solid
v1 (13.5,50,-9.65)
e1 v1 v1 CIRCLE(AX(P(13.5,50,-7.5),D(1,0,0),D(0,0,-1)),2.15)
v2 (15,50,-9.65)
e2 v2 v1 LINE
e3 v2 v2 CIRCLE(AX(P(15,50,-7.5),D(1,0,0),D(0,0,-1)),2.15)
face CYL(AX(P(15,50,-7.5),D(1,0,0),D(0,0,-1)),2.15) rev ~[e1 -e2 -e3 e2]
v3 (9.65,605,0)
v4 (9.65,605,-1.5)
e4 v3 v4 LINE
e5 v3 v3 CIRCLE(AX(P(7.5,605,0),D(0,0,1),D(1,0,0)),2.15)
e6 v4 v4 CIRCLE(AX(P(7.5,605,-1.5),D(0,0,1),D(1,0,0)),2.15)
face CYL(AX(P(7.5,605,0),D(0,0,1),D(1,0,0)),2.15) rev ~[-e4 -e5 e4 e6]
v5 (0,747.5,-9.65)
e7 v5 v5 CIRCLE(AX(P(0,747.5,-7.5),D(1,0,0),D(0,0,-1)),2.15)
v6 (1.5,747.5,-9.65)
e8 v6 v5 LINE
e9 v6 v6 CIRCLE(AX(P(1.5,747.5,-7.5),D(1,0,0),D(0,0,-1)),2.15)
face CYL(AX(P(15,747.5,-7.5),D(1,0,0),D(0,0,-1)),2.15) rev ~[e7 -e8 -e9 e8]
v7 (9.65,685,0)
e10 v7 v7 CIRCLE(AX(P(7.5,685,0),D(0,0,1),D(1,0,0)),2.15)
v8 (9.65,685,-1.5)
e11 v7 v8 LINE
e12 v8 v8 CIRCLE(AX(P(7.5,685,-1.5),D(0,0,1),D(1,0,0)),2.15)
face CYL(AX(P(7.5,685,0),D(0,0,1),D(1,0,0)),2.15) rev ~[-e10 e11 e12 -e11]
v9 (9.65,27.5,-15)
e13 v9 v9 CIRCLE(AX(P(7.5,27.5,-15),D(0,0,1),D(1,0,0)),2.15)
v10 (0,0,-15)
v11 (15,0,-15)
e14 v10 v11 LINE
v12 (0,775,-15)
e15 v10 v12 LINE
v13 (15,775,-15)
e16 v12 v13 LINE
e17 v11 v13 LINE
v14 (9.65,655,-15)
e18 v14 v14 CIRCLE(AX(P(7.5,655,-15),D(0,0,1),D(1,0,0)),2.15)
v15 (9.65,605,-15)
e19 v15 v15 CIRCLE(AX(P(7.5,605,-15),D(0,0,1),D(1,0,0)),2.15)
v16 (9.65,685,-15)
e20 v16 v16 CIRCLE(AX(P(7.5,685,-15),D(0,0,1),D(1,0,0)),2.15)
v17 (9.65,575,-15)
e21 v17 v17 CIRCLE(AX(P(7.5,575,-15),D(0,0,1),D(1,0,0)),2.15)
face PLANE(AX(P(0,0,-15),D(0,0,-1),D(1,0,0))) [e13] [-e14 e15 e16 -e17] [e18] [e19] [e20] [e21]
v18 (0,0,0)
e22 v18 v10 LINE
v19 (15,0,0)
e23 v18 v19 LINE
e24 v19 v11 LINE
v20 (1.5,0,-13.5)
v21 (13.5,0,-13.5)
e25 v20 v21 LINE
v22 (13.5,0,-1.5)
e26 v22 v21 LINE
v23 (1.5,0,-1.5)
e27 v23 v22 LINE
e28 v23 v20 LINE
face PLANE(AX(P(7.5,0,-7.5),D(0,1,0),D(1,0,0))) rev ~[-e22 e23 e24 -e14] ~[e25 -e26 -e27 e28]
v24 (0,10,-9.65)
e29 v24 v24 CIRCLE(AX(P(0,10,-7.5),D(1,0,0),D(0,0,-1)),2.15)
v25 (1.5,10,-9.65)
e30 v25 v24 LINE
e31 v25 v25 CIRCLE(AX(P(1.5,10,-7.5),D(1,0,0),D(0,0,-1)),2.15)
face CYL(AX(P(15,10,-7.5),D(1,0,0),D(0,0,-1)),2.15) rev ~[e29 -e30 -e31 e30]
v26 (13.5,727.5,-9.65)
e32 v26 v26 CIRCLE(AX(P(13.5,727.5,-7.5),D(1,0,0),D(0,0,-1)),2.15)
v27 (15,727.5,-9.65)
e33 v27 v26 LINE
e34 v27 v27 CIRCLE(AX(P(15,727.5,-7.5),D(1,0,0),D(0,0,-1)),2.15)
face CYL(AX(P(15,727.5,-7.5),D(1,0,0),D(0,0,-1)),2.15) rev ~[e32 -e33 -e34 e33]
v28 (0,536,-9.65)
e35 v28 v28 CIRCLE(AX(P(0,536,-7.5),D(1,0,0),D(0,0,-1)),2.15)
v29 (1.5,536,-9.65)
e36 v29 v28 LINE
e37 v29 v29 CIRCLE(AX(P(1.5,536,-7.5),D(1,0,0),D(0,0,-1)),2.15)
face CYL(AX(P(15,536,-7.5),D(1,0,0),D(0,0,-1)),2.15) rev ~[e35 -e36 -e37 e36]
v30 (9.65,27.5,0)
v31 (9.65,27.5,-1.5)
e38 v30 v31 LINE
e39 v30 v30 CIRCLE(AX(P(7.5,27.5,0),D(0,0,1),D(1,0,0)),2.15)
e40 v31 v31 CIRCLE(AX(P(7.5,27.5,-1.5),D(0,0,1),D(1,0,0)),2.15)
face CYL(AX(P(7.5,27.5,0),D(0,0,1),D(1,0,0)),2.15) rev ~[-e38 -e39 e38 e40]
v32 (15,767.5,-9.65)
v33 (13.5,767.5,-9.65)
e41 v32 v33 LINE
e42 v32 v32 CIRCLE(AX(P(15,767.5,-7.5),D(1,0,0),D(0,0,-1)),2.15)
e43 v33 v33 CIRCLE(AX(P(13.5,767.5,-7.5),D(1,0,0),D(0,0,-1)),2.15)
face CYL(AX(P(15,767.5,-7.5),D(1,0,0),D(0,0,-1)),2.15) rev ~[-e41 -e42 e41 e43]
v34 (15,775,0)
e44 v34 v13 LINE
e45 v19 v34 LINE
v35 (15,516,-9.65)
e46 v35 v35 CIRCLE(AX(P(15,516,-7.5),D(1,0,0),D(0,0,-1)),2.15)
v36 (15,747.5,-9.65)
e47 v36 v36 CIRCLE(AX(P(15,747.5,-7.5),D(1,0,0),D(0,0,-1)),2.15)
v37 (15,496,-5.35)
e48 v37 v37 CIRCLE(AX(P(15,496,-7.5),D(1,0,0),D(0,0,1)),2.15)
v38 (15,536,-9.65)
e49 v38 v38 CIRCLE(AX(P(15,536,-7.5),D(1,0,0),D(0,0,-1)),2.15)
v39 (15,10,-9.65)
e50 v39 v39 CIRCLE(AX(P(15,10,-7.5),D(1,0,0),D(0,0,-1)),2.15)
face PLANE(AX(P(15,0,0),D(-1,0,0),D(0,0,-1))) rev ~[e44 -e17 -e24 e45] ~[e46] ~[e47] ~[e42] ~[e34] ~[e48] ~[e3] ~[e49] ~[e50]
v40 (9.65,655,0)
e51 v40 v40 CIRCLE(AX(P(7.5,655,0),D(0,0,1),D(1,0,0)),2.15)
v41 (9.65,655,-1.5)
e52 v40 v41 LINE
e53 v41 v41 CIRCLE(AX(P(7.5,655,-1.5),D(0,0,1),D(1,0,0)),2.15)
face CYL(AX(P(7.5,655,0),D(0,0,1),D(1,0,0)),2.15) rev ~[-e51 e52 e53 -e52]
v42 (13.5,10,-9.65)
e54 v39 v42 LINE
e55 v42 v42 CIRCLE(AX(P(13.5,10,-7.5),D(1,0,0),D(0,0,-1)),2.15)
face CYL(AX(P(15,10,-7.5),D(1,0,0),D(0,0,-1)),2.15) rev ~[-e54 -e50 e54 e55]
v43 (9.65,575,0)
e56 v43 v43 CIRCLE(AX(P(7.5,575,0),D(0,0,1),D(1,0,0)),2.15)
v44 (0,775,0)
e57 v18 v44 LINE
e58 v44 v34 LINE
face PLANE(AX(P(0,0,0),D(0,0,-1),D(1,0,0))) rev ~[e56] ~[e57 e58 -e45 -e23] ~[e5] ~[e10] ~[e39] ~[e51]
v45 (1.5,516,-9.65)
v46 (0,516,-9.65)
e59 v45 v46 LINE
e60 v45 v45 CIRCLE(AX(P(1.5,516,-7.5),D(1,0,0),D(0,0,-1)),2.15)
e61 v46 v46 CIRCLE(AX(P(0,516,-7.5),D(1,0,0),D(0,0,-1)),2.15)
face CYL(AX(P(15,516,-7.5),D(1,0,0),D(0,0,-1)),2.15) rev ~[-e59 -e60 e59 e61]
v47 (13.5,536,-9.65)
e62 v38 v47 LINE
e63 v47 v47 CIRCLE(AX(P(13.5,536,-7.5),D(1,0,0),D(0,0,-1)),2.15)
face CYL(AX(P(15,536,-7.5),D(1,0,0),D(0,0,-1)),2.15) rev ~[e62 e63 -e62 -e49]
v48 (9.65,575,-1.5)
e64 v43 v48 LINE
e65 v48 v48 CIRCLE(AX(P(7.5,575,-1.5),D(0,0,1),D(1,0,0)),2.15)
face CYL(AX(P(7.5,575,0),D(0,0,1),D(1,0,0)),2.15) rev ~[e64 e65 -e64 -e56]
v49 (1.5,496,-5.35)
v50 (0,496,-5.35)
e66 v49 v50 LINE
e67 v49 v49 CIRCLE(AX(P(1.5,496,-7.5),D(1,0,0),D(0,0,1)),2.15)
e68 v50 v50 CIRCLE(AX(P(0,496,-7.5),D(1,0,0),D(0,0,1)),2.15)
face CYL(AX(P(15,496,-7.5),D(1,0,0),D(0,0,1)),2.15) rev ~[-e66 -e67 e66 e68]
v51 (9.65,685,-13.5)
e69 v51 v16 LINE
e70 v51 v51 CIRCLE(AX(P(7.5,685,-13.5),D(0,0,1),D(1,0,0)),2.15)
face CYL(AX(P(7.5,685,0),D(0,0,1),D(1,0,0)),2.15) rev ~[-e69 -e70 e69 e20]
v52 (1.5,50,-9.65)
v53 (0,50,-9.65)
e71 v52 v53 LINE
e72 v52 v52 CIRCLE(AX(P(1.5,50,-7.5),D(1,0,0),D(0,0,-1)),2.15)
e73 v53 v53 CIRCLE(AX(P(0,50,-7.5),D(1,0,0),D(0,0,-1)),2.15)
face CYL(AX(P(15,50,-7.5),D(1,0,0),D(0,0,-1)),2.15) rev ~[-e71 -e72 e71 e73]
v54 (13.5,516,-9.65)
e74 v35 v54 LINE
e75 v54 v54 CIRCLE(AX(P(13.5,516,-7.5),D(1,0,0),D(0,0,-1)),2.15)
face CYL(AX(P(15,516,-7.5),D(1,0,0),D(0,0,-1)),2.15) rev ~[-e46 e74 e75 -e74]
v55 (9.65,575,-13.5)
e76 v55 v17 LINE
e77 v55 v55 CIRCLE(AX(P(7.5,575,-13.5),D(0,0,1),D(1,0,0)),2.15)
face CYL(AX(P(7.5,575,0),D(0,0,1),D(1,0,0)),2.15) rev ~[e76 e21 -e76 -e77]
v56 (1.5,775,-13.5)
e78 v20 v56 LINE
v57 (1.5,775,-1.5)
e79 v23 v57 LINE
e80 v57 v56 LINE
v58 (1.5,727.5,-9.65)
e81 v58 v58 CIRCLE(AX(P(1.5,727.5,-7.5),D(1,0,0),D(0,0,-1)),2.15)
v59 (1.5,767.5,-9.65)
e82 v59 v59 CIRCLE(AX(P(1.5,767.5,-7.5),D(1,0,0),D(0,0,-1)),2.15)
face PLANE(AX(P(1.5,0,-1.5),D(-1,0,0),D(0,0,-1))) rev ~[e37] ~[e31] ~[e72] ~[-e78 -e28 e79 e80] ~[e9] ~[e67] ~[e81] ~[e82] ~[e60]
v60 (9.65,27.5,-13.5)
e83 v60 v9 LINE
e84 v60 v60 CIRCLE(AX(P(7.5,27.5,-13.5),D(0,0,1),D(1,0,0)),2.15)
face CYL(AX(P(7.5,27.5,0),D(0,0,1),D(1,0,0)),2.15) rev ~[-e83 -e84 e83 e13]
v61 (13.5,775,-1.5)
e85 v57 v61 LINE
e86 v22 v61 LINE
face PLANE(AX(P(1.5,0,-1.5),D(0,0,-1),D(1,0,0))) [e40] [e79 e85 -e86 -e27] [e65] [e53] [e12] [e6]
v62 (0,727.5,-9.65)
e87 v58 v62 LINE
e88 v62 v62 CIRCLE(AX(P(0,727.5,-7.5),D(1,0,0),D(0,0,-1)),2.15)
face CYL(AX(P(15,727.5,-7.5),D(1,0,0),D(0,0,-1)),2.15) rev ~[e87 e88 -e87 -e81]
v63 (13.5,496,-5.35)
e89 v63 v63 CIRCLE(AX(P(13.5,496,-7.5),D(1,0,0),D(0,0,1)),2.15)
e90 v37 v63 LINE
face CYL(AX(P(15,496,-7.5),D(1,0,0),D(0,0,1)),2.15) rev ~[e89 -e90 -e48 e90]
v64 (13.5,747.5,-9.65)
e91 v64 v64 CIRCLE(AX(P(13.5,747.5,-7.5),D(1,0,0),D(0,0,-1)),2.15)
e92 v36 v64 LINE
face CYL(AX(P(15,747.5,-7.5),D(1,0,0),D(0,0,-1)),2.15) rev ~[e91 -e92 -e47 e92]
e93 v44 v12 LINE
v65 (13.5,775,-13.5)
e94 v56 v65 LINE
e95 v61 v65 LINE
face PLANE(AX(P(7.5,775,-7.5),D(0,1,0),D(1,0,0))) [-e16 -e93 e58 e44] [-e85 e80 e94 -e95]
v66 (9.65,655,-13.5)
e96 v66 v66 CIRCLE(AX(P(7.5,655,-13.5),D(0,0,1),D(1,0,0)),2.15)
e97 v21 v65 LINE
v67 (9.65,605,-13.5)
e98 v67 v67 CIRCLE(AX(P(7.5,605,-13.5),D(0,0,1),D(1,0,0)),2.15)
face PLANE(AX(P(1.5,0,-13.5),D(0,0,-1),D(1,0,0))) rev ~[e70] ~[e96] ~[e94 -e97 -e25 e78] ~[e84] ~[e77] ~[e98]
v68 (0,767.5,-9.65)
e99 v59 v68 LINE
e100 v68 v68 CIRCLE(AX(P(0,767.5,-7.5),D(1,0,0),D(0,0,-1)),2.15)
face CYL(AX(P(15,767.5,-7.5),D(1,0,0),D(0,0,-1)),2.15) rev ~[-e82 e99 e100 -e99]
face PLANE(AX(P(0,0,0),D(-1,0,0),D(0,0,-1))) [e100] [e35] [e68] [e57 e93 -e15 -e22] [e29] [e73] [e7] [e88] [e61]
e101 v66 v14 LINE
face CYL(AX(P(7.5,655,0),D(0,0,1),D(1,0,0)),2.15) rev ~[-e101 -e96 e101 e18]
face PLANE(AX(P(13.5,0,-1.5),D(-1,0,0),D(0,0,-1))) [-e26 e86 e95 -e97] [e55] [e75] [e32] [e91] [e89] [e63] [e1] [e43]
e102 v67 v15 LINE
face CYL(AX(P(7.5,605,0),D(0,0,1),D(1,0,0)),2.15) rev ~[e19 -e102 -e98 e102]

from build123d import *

# Parameters (mm, degrees)
SKETCH_1_W          = 15
SKETCH_1_H          = 15
SKETCH_1_W_2        = 12
SKETCH_1_H_2        = 12
EXTRUDE_1_DEPTH     = 775
CUT_EXTRUDE_1_REACH = 777.29
SKETCH_2_R          = 2.15
CUT_EXTRUDE_2_REACH = 777.29
SKETCH_3_R          = 2.15


with BuildPart() as part:
    # ｽｹｯﾁ1 → 押し出し-薄板1 (new body)
    with BuildSketch(Plane(origin=(0, 0, 0), x_dir=(1, 0, 0), z_dir=(0, 1, 0))):
        with Locations((7.5, 7.5)):
            Rectangle(SKETCH_1_W, SKETCH_1_H)
        with Locations((7.5, 7.5)):
            Rectangle(SKETCH_1_W_2, SKETCH_1_H_2, mode=Mode.SUBTRACT)
    extrude(amount=EXTRUDE_1_DEPTH)

    # ｶｯﾄ - 押し出し1: up to this face of the body (flat: up to its plane)
    cut_extrude_1_end = Plane(part.part.faces().sort_by_distance((0, 387.5, -7.5))[0])
    # ｽｹｯﾁ2 → ｶｯﾄ - 押し出し1 (cut, up to the picked face)
    with BuildSketch(Plane(origin=(15, 0, 0), x_dir=(0, 0, -1), z_dir=(1, 0, 0)), mode=Mode.PRIVATE) as cut_extrude_1_sk1:
        with Locations((7.5, 10)):
            Circle(SKETCH_2_R)
    cut_extrude_1_tool1 = split(extrude(cut_extrude_1_sk1.sketch, amount=-CUT_EXTRUDE_1_REACH, mode=Mode.PRIVATE), bisect_by=cut_extrude_1_end, keep=Keep.BOTH, mode=Mode.PRIVATE)
    # ｽｹｯﾁ2 → ｶｯﾄ - 押し出し1 (cut, up to the picked face)
    with BuildSketch(Plane(origin=(15, 0, 0), x_dir=(0, 0, -1), z_dir=(1, 0, 0)), mode=Mode.PRIVATE) as cut_extrude_1_sk2:
        with Locations((7.5, 516)):
            Circle(SKETCH_2_R)
    cut_extrude_1_tool2 = split(extrude(cut_extrude_1_sk2.sketch, amount=-CUT_EXTRUDE_1_REACH, mode=Mode.PRIVATE), bisect_by=cut_extrude_1_end, keep=Keep.BOTH, mode=Mode.PRIVATE)
    # ｽｹｯﾁ2 → ｶｯﾄ - 押し出し1 (cut, up to the picked face)
    with BuildSketch(Plane(origin=(15, 0, 0), x_dir=(0, 0, -1), z_dir=(1, 0, 0)), mode=Mode.PRIVATE) as cut_extrude_1_sk3:
        with Locations((7.5, 767.5)):
            Circle(SKETCH_2_R)
    cut_extrude_1_tool3 = split(extrude(cut_extrude_1_sk3.sketch, amount=-CUT_EXTRUDE_1_REACH, mode=Mode.PRIVATE), bisect_by=cut_extrude_1_end, keep=Keep.BOTH, mode=Mode.PRIVATE)
    # ｽｹｯﾁ2 → ｶｯﾄ - 押し出し1 (cut, up to the picked face)
    with BuildSketch(Plane(origin=(15, 0, 0), x_dir=(0, 0, -1), z_dir=(1, 0, 0)), mode=Mode.PRIVATE) as cut_extrude_1_sk4:
        with Locations((7.5, 50)):
            Circle(SKETCH_2_R)
    cut_extrude_1_tool4 = split(extrude(cut_extrude_1_sk4.sketch, amount=-CUT_EXTRUDE_1_REACH, mode=Mode.PRIVATE), bisect_by=cut_extrude_1_end, keep=Keep.BOTH, mode=Mode.PRIVATE)
    # ｽｹｯﾁ2 → ｶｯﾄ - 押し出し1 (cut, up to the picked face)
    with BuildSketch(Plane(origin=(15, 0, 0), x_dir=(0, 0, -1), z_dir=(1, 0, 0)), mode=Mode.PRIVATE) as cut_extrude_1_sk5:
        with Locations((7.5, 536)):
            Circle(SKETCH_2_R)
    cut_extrude_1_tool5 = split(extrude(cut_extrude_1_sk5.sketch, amount=-CUT_EXTRUDE_1_REACH, mode=Mode.PRIVATE), bisect_by=cut_extrude_1_end, keep=Keep.BOTH, mode=Mode.PRIVATE)
    # ｽｹｯﾁ2 → ｶｯﾄ - 押し出し1 (cut, up to the picked face)
    with BuildSketch(Plane(origin=(15, 0, 0), x_dir=(0, 0, -1), z_dir=(1, 0, 0)), mode=Mode.PRIVATE) as cut_extrude_1_sk6:
        with Locations(Location((7.5, 496, 0), (0, 0, 180))):
            Circle(SKETCH_2_R)
    cut_extrude_1_tool6 = split(extrude(cut_extrude_1_sk6.sketch, amount=-CUT_EXTRUDE_1_REACH, mode=Mode.PRIVATE), bisect_by=cut_extrude_1_end, keep=Keep.BOTH, mode=Mode.PRIVATE)
    # ｽｹｯﾁ2 → ｶｯﾄ - 押し出し1 (cut, up to the picked face)
    with BuildSketch(Plane(origin=(15, 0, 0), x_dir=(0, 0, -1), z_dir=(1, 0, 0)), mode=Mode.PRIVATE) as cut_extrude_1_sk7:
        with Locations((7.5, 747.5)):
            Circle(SKETCH_2_R)
    cut_extrude_1_tool7 = split(extrude(cut_extrude_1_sk7.sketch, amount=-CUT_EXTRUDE_1_REACH, mode=Mode.PRIVATE), bisect_by=cut_extrude_1_end, keep=Keep.BOTH, mode=Mode.PRIVATE)
    # ｽｹｯﾁ2 → ｶｯﾄ - 押し出し1 (cut, up to the picked face)
    with BuildSketch(Plane(origin=(15, 0, 0), x_dir=(0, 0, -1), z_dir=(1, 0, 0)), mode=Mode.PRIVATE) as cut_extrude_1_sk8:
        with Locations((7.5, 727.5)):
            Circle(SKETCH_2_R)
    cut_extrude_1_tool8 = split(extrude(cut_extrude_1_sk8.sketch, amount=-CUT_EXTRUDE_1_REACH, mode=Mode.PRIVATE), bisect_by=cut_extrude_1_end, keep=Keep.BOTH, mode=Mode.PRIVATE)
    add(cut_extrude_1_tool1.solids().sort_by(Axis((15, 10, -7.5), (-1, 0, 0)))[0], mode=Mode.SUBTRACT)
    add(cut_extrude_1_tool2.solids().sort_by(Axis((15, 516, -7.5), (-1, 0, 0)))[0], mode=Mode.SUBTRACT)
    add(cut_extrude_1_tool3.solids().sort_by(Axis((15, 767.5, -7.5), (-1, 0, 0)))[0], mode=Mode.SUBTRACT)
    add(cut_extrude_1_tool4.solids().sort_by(Axis((15, 50, -7.5), (-1, 0, 0)))[0], mode=Mode.SUBTRACT)
    add(cut_extrude_1_tool5.solids().sort_by(Axis((15, 536, -7.5), (-1, 0, 0)))[0], mode=Mode.SUBTRACT)
    add(cut_extrude_1_tool6.solids().sort_by(Axis((15, 496, -7.5), (-1, 0, 0)))[0], mode=Mode.SUBTRACT)
    add(cut_extrude_1_tool7.solids().sort_by(Axis((15, 747.5, -7.5), (-1, 0, 0)))[0], mode=Mode.SUBTRACT)
    add(cut_extrude_1_tool8.solids().sort_by(Axis((15, 727.5, -7.5), (-1, 0, 0)))[0], mode=Mode.SUBTRACT)

    # ｶｯﾄ - 押し出し2: up to this face of the body (flat: up to its plane)
    cut_extrude_2_end = Plane(part.part.faces().sort_by_distance((7.5, 387.5, -15))[0])
    # ｽｹｯﾁ3 → ｶｯﾄ - 押し出し2 (cut, up to the picked face)
    with BuildSketch(Plane.XY, mode=Mode.PRIVATE) as cut_extrude_2_sk1:
        with Locations((7.5, 685)):
            Circle(SKETCH_3_R)
    cut_extrude_2_tool1 = split(extrude(cut_extrude_2_sk1.sketch, amount=-CUT_EXTRUDE_2_REACH, mode=Mode.PRIVATE), bisect_by=cut_extrude_2_end, keep=Keep.BOTH, mode=Mode.PRIVATE)
    # ｽｹｯﾁ3 → ｶｯﾄ - 押し出し2 (cut, up to the picked face)
    with BuildSketch(Plane.XY, mode=Mode.PRIVATE) as cut_extrude_2_sk2:
        with Locations((7.5, 655)):
            Circle(SKETCH_3_R)
    cut_extrude_2_tool2 = split(extrude(cut_extrude_2_sk2.sketch, amount=-CUT_EXTRUDE_2_REACH, mode=Mode.PRIVATE), bisect_by=cut_extrude_2_end, keep=Keep.BOTH, mode=Mode.PRIVATE)
    # ｽｹｯﾁ3 → ｶｯﾄ - 押し出し2 (cut, up to the picked face)
    with BuildSketch(Plane.XY, mode=Mode.PRIVATE) as cut_extrude_2_sk3:
        with Locations((7.5, 605)):
            Circle(SKETCH_3_R)
    cut_extrude_2_tool3 = split(extrude(cut_extrude_2_sk3.sketch, amount=-CUT_EXTRUDE_2_REACH, mode=Mode.PRIVATE), bisect_by=cut_extrude_2_end, keep=Keep.BOTH, mode=Mode.PRIVATE)
    # ｽｹｯﾁ3 → ｶｯﾄ - 押し出し2 (cut, up to the picked face)
    with BuildSketch(Plane.XY, mode=Mode.PRIVATE) as cut_extrude_2_sk4:
        with Locations((7.5, 575)):
            Circle(SKETCH_3_R)
    cut_extrude_2_tool4 = split(extrude(cut_extrude_2_sk4.sketch, amount=-CUT_EXTRUDE_2_REACH, mode=Mode.PRIVATE), bisect_by=cut_extrude_2_end, keep=Keep.BOTH, mode=Mode.PRIVATE)
    # ｽｹｯﾁ3 → ｶｯﾄ - 押し出し2 (cut, up to the picked face)
    with BuildSketch(Plane.XY, mode=Mode.PRIVATE) as cut_extrude_2_sk5:
        with Locations((7.5, 27.5)):
            Circle(SKETCH_3_R)
    cut_extrude_2_tool5 = split(extrude(cut_extrude_2_sk5.sketch, amount=-CUT_EXTRUDE_2_REACH, mode=Mode.PRIVATE), bisect_by=cut_extrude_2_end, keep=Keep.BOTH, mode=Mode.PRIVATE)
    add(cut_extrude_2_tool1.solids().sort_by(Axis((7.5, 685, 0), (0, 0, -1)))[0], mode=Mode.SUBTRACT)
    add(cut_extrude_2_tool2.solids().sort_by(Axis((7.5, 655, 0), (0, 0, -1)))[0], mode=Mode.SUBTRACT)
    add(cut_extrude_2_tool3.solids().sort_by(Axis((7.5, 605, 0), (0, 0, -1)))[0], mode=Mode.SUBTRACT)
    add(cut_extrude_2_tool4.solids().sort_by(Axis((7.5, 575, 0), (0, 0, -1)))[0], mode=Mode.SUBTRACT)
    add(cut_extrude_2_tool5.solids().sort_by(Axis((7.5, 27.5, 0), (0, 0, -1)))[0], mode=Mode.SUBTRACT)


solid = part.part
